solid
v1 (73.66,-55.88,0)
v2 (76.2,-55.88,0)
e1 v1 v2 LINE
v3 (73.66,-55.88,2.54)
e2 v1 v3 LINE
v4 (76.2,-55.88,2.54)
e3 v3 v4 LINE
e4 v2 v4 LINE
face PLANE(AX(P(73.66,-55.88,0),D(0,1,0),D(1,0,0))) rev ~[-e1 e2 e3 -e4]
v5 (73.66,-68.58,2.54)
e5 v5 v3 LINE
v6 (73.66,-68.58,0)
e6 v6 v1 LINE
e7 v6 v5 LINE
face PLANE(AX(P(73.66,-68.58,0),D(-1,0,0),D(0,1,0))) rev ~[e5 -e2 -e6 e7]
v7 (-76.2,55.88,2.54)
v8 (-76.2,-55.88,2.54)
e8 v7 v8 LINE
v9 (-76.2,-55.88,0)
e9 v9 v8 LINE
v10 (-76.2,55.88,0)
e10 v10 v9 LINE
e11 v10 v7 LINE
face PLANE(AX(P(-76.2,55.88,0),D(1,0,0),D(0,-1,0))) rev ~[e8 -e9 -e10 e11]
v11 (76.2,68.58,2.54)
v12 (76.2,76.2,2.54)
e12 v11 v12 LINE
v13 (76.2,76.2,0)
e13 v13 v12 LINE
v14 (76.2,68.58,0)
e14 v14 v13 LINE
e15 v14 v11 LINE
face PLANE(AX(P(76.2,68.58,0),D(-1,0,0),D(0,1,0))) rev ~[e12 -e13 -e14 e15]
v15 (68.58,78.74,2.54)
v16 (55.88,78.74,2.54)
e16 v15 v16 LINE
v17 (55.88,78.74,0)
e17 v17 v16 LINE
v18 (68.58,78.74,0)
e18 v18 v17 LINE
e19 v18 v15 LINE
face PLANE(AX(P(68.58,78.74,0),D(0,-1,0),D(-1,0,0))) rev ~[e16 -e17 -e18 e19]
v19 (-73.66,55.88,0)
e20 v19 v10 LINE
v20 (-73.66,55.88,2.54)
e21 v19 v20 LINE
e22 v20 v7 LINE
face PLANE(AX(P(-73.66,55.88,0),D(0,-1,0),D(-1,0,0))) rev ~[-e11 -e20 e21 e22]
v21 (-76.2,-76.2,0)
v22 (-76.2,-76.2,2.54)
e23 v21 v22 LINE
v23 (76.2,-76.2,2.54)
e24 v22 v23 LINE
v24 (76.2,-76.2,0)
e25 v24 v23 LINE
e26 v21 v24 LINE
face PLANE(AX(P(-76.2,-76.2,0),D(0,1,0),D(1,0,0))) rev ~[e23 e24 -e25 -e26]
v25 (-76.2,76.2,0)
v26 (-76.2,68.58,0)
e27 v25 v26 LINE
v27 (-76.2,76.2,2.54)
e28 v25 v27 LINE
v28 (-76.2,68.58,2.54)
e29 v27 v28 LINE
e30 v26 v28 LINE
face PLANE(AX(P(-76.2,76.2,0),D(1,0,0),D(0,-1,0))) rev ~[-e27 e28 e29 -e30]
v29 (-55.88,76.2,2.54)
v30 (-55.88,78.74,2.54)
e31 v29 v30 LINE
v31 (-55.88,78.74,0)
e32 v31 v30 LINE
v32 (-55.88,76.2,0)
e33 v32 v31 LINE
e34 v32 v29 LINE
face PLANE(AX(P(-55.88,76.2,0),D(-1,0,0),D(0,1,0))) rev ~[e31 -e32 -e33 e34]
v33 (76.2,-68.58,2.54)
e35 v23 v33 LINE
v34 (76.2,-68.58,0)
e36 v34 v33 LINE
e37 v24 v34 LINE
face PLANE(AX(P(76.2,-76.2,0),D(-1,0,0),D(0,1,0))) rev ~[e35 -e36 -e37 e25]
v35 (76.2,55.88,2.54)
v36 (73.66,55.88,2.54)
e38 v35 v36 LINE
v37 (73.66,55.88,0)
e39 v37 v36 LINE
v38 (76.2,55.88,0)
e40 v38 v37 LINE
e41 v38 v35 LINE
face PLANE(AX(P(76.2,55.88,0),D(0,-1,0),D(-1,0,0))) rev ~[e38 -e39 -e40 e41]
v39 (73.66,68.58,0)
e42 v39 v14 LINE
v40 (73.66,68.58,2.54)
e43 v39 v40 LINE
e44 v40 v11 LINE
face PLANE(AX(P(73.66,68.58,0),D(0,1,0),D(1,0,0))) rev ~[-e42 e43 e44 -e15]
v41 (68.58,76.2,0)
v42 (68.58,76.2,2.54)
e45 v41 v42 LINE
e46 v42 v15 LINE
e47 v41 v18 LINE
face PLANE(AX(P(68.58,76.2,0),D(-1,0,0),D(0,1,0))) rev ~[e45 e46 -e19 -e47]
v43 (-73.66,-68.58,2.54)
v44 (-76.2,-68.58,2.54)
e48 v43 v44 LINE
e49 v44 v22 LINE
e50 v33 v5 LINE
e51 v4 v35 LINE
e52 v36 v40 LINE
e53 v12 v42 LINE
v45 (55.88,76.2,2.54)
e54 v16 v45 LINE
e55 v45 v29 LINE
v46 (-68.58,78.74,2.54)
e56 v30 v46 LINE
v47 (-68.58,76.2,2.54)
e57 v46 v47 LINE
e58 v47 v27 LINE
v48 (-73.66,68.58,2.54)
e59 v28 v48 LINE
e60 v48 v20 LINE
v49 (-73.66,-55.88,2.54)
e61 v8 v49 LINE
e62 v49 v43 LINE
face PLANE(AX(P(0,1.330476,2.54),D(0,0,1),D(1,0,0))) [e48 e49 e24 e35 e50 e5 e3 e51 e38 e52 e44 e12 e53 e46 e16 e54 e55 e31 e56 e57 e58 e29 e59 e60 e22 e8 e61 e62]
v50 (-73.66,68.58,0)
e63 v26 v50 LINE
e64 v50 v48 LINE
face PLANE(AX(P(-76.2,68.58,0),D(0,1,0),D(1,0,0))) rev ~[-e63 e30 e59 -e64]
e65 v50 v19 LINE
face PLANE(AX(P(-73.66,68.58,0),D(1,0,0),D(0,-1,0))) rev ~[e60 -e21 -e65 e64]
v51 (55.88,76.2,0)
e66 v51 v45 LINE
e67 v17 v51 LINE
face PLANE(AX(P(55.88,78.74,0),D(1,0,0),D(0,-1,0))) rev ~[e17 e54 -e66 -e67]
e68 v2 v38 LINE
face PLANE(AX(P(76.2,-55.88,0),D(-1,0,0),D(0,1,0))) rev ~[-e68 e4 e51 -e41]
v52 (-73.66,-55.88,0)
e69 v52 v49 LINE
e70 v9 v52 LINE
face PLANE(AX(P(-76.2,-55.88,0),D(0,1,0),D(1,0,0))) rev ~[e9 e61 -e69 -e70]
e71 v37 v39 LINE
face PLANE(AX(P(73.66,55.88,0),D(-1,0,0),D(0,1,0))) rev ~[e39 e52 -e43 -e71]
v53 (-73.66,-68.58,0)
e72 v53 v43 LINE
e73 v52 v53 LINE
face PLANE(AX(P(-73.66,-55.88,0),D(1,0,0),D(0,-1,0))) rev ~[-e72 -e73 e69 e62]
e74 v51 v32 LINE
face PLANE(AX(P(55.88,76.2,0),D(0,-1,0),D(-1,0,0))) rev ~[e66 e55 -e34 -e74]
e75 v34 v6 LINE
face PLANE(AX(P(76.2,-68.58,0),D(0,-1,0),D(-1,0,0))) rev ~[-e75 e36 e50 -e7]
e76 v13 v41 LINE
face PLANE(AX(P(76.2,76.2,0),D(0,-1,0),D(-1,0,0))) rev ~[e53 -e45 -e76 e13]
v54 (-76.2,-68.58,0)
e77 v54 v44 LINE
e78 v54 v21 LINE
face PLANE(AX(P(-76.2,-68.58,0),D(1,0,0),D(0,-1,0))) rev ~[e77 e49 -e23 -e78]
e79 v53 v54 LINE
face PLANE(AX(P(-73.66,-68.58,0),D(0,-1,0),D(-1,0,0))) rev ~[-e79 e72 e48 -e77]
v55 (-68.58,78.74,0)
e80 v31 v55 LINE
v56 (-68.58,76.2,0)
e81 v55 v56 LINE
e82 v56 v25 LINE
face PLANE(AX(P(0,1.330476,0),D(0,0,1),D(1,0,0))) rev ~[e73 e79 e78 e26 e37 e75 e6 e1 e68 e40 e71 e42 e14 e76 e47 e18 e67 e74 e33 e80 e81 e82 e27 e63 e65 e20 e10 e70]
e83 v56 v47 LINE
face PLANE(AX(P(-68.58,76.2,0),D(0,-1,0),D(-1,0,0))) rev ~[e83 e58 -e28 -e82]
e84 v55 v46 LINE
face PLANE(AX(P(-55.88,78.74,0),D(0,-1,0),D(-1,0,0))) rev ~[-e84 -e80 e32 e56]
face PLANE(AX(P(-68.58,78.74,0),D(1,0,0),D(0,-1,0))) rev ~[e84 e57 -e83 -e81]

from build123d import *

# Parameters (mm, degrees)
F1_DEPTH = 2.54


with BuildPart() as f1:
    # F0 (on Top) → F1 (new body)
    with BuildSketch(Plane.XY):
        Polygon((-76.2, -76.2), (76.2, -76.2), (76.2, -68.58), (73.66, -68.58), (73.66, -55.88), (76.2, -55.88), (76.2, 55.88), (73.66, 55.88), (73.66, 68.58), (76.2, 68.58), (76.2, 76.2), (68.58, 76.2), (68.58, 78.74), (55.88, 78.74), (55.88, 76.2), (-55.88, 76.2), (-55.88, 78.74), (-68.58, 78.74), (-68.58, 76.2), (-76.2, 76.2), (-76.2, 68.58), (-73.66, 68.58), (-73.66, 55.88), (-76.2, 55.88), (-76.2, -55.88), (-73.66, -55.88), (-73.66, -68.58), (-76.2, -68.58), align=None)
    extrude(amount=F1_DEPTH)


solid = f1.part
